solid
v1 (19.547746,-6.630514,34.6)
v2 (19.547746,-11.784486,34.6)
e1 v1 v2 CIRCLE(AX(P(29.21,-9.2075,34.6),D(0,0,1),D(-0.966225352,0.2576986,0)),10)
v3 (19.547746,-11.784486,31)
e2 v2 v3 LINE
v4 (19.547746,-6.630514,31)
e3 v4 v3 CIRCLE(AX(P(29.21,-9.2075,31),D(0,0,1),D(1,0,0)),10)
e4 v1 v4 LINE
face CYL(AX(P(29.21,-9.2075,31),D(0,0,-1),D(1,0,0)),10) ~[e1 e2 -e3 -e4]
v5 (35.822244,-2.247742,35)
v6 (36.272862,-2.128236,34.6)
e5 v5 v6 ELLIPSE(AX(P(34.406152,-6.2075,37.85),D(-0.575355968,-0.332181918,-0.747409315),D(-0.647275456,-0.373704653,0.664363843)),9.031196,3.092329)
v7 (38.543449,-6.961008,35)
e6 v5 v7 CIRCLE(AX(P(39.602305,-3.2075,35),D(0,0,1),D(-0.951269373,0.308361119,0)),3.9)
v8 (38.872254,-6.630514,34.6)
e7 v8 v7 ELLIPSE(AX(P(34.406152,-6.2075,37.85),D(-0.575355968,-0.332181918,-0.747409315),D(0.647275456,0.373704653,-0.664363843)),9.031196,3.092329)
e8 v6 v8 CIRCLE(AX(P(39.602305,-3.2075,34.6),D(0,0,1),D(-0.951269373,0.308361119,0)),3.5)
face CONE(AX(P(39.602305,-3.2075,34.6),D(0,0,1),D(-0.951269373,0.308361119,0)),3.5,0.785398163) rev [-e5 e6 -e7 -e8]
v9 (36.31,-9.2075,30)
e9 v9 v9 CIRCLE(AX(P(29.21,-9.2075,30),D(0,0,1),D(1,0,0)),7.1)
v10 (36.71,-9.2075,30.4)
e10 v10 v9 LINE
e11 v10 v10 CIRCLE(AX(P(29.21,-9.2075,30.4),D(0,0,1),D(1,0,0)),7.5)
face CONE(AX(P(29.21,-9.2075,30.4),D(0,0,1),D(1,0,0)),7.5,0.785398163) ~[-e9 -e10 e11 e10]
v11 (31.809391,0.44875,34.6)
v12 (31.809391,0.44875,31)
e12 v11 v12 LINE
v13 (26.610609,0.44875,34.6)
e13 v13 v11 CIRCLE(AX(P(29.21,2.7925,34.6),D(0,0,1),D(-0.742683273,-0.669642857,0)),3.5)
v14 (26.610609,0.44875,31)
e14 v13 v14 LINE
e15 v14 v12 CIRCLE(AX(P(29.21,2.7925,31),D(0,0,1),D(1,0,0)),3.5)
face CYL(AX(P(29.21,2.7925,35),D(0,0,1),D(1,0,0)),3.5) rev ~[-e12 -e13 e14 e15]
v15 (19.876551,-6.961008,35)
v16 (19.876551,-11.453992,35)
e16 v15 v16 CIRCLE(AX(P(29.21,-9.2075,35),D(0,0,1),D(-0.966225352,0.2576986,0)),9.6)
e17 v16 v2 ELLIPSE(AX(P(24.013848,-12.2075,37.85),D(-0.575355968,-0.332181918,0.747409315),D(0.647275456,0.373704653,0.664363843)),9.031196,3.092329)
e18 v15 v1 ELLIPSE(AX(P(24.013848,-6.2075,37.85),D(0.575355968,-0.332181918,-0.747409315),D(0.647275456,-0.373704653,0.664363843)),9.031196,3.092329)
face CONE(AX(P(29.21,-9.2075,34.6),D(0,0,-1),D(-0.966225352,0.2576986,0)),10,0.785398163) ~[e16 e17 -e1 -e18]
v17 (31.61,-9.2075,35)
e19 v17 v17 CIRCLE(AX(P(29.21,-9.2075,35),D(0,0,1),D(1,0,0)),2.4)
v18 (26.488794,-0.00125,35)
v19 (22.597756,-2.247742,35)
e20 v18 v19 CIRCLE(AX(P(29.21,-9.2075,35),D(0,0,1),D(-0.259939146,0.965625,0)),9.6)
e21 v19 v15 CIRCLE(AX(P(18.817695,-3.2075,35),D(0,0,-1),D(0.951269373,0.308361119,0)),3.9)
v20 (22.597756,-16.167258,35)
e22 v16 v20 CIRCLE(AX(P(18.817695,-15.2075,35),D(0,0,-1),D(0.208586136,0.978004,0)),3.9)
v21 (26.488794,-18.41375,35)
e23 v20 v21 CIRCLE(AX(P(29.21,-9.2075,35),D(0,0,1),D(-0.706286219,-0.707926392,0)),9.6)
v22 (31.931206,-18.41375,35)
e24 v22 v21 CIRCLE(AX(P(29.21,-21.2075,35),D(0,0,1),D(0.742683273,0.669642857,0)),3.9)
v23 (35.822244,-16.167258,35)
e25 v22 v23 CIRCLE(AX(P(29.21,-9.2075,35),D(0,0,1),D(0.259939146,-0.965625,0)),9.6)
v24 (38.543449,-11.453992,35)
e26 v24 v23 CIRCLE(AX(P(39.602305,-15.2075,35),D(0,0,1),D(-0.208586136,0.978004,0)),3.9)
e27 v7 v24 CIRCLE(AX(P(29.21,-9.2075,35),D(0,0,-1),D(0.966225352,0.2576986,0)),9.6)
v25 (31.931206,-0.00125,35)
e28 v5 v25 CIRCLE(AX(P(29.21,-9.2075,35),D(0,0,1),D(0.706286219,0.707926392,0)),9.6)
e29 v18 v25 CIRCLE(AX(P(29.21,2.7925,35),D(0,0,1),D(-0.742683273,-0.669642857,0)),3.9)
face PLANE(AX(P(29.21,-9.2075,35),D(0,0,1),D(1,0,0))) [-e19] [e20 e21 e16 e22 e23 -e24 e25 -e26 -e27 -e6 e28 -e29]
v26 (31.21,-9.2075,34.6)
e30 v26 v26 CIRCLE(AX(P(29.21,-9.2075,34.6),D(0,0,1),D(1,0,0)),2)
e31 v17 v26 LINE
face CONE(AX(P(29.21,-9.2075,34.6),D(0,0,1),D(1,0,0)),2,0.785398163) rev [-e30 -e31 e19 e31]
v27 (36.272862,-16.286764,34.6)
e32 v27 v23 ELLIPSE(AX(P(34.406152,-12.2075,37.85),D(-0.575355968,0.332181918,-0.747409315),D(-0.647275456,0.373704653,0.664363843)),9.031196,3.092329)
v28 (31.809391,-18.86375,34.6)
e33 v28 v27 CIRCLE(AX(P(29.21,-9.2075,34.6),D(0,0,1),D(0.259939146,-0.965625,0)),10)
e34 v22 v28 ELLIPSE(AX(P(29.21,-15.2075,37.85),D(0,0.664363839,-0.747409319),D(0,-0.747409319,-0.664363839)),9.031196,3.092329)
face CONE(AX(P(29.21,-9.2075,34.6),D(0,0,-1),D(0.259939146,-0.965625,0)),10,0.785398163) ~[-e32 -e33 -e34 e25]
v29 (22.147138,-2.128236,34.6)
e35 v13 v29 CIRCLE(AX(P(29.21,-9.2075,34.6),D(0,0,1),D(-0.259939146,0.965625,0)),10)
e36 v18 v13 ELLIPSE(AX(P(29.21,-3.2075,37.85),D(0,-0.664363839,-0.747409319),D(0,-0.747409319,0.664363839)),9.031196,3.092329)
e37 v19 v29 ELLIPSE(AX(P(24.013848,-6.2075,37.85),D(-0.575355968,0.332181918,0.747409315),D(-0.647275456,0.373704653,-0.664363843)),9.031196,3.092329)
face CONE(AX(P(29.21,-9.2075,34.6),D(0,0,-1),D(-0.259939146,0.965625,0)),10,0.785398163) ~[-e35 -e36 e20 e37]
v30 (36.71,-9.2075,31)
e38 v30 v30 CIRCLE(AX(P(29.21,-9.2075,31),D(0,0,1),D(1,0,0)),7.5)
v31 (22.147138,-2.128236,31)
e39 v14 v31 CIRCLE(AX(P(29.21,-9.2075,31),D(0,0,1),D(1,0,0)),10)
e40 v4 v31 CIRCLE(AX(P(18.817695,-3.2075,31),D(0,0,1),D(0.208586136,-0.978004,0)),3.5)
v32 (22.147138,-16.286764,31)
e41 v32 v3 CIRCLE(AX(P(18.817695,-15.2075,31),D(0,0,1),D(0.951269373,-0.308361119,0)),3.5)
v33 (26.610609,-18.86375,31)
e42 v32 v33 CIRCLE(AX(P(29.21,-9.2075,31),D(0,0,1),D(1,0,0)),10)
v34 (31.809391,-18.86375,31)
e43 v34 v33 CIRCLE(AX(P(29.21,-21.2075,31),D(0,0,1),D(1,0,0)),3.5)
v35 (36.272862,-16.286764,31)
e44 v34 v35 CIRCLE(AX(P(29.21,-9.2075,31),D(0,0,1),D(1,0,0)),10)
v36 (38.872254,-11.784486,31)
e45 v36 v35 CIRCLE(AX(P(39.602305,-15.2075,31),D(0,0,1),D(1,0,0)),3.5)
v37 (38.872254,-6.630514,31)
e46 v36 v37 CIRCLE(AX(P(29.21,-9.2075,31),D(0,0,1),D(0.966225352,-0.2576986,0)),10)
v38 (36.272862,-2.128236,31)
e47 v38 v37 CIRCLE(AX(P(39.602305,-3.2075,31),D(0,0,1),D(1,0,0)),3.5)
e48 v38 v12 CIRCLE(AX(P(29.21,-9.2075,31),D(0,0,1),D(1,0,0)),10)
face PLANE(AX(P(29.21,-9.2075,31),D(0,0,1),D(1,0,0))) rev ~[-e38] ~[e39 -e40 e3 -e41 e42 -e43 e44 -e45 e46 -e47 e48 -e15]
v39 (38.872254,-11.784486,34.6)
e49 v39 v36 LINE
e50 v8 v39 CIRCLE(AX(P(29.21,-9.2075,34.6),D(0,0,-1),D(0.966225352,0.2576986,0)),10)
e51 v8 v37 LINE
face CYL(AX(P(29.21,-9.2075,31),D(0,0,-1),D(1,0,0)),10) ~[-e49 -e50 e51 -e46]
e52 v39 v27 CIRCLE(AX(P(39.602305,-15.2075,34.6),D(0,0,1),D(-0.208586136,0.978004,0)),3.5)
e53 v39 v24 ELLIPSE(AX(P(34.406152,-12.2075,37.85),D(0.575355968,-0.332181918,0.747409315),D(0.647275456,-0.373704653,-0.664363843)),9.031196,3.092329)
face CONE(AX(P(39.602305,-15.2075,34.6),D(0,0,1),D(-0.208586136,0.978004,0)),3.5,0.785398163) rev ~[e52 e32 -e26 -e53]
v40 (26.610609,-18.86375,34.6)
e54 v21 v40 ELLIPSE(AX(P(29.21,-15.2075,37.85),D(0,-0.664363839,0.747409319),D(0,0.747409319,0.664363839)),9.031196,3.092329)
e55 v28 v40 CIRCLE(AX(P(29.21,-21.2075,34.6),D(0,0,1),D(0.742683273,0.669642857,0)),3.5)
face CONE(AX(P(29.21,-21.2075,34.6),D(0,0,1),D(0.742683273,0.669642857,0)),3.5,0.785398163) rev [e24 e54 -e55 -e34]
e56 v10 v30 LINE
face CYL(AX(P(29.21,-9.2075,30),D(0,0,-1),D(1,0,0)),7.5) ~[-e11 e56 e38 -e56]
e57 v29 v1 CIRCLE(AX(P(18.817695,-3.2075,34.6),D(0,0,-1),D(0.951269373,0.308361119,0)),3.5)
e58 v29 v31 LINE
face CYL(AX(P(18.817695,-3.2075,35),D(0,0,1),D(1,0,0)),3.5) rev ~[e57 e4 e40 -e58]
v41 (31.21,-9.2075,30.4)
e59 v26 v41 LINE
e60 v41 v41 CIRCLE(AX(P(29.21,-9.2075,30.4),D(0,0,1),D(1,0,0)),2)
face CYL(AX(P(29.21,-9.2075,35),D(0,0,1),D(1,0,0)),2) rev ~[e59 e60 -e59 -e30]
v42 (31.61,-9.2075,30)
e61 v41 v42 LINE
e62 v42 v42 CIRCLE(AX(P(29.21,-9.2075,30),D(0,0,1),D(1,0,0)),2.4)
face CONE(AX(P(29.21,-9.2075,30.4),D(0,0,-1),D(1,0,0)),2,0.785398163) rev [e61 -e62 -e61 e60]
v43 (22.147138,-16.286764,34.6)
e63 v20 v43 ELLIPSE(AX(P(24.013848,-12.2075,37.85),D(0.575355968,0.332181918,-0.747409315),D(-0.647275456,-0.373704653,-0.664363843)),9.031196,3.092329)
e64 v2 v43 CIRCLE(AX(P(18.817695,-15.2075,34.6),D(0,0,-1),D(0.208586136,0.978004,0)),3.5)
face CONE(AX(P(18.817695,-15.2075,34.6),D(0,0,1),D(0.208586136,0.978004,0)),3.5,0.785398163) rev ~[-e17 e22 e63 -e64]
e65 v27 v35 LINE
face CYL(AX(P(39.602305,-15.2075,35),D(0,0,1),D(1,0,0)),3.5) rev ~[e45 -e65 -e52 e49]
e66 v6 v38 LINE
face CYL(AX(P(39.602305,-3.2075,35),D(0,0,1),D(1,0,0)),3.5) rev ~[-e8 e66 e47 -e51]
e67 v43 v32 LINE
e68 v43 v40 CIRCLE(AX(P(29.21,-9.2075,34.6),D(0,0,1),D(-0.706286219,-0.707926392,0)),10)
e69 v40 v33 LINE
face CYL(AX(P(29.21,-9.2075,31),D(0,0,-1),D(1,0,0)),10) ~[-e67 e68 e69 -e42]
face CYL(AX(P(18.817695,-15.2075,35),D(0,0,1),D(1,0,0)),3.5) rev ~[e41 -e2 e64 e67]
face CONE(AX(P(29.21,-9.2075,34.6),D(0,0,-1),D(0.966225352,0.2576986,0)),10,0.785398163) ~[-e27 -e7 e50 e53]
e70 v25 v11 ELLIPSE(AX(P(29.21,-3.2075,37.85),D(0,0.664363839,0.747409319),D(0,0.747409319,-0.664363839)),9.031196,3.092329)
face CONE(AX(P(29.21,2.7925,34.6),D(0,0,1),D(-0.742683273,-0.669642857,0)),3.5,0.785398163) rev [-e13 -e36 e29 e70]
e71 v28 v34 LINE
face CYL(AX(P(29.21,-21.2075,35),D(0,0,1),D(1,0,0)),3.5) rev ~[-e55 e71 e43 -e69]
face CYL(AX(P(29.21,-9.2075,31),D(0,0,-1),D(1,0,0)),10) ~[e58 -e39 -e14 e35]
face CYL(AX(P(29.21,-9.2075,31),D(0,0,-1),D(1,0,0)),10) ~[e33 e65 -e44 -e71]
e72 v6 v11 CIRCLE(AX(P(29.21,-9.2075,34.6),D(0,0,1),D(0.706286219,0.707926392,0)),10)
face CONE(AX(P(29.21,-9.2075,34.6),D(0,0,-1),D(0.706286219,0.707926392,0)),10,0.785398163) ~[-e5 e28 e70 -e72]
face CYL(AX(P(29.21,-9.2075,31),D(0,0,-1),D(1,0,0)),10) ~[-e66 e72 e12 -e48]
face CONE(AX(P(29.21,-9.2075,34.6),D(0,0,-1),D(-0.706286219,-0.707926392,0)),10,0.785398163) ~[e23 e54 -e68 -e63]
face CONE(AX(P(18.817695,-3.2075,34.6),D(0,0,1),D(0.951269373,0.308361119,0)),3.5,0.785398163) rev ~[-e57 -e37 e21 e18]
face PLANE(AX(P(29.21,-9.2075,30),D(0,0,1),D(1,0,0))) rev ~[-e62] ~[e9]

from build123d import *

# Parameters (mm, degrees)
SKETCH055_R              = 7.5
PAD016_DEPTH             = 1
SKETCH056_R              = 10
PAD017_DEPTH             = 4
SKETCH057_R              = 3.5
POCKET039_DEPTH          = 5.001
SKETCH058_R              = 2
POCKET040_DEPTH          = 5.001
CHAMFER013004014018_SIZE = 0.4


with BuildPart() as part:
    # Sketch055 → Pad016 (new body)
    with BuildSketch(Plane.XY):
        Circle(SKETCH055_R)
    extrude(amount=PAD016_DEPTH)

    # Sketch056 (on Face3 of Pad016) → Pad017 (join)
    with BuildSketch(Plane.XY.offset(1)):
        Circle(SKETCH056_R)
    extrude(amount=PAD017_DEPTH)

    # Sketch057 (on Face3 of Pad017) → Pocket039 (cut, through all)
    with BuildSketch(Plane.XY.offset(5)):
        with Locations((-10.392305, 6)):
            Circle(SKETCH057_R)
        with Locations((0, 12)):
            Circle(SKETCH057_R)
        with Locations((10.392305, 6)):
            Circle(SKETCH057_R)
        with Locations((10.392305, -6)):
            Circle(SKETCH057_R)
        with Locations((0, -12)):
            Circle(SKETCH057_R)
        with Locations((-10.392305, -6)):
            Circle(SKETCH057_R)
    extrude(amount=-POCKET039_DEPTH, mode=Mode.SUBTRACT)

    # Sketch058 (on Face4 of Pocket039) → Pocket040 (cut, through all)
    with BuildSketch(Plane.XY.offset(5)):
        Circle(SKETCH058_R)
    extrude(amount=-POCKET040_DEPTH, mode=Mode.SUBTRACT)

    # Chamfer013004014018
    chamfer013004014018_edges = [part.edges().sort_by_distance(p)[0] for p in [
        (9.915204, -1.299512, 5),
        (7.361216, -4.25, 5),
        (9.915204, 1.299512, 5),
        (5, -8.660254, 5),
        (7.361216, 4.25, 5),
        (0, -8.5, 5),
        (5, 8.660254, 5),
        (-5, -8.660254, 5),
        (0, 8.5, 5),
        (-6.935207, -6.546329, 5),
        (-5, 8.660254, 5),
        (-7.671535, -3.798317, 5),
        (-6.935207, 6.546329, 5),
        (-10, 0, 5),
        (-7.671535, 3.798317, 5),
        (-2, 0, 5),
        (-7.5, 0, 0),
        (-2, 0, 0),
    ]]
    chamfer(chamfer013004014018_edges, length=CHAMFER013004014018_SIZE)


with BuildPart() as part_1:
    # Body002006 placement: moved
    add(part.part.moved(Location((29.21, -9.2075, 30))))


solid = part_1.part
